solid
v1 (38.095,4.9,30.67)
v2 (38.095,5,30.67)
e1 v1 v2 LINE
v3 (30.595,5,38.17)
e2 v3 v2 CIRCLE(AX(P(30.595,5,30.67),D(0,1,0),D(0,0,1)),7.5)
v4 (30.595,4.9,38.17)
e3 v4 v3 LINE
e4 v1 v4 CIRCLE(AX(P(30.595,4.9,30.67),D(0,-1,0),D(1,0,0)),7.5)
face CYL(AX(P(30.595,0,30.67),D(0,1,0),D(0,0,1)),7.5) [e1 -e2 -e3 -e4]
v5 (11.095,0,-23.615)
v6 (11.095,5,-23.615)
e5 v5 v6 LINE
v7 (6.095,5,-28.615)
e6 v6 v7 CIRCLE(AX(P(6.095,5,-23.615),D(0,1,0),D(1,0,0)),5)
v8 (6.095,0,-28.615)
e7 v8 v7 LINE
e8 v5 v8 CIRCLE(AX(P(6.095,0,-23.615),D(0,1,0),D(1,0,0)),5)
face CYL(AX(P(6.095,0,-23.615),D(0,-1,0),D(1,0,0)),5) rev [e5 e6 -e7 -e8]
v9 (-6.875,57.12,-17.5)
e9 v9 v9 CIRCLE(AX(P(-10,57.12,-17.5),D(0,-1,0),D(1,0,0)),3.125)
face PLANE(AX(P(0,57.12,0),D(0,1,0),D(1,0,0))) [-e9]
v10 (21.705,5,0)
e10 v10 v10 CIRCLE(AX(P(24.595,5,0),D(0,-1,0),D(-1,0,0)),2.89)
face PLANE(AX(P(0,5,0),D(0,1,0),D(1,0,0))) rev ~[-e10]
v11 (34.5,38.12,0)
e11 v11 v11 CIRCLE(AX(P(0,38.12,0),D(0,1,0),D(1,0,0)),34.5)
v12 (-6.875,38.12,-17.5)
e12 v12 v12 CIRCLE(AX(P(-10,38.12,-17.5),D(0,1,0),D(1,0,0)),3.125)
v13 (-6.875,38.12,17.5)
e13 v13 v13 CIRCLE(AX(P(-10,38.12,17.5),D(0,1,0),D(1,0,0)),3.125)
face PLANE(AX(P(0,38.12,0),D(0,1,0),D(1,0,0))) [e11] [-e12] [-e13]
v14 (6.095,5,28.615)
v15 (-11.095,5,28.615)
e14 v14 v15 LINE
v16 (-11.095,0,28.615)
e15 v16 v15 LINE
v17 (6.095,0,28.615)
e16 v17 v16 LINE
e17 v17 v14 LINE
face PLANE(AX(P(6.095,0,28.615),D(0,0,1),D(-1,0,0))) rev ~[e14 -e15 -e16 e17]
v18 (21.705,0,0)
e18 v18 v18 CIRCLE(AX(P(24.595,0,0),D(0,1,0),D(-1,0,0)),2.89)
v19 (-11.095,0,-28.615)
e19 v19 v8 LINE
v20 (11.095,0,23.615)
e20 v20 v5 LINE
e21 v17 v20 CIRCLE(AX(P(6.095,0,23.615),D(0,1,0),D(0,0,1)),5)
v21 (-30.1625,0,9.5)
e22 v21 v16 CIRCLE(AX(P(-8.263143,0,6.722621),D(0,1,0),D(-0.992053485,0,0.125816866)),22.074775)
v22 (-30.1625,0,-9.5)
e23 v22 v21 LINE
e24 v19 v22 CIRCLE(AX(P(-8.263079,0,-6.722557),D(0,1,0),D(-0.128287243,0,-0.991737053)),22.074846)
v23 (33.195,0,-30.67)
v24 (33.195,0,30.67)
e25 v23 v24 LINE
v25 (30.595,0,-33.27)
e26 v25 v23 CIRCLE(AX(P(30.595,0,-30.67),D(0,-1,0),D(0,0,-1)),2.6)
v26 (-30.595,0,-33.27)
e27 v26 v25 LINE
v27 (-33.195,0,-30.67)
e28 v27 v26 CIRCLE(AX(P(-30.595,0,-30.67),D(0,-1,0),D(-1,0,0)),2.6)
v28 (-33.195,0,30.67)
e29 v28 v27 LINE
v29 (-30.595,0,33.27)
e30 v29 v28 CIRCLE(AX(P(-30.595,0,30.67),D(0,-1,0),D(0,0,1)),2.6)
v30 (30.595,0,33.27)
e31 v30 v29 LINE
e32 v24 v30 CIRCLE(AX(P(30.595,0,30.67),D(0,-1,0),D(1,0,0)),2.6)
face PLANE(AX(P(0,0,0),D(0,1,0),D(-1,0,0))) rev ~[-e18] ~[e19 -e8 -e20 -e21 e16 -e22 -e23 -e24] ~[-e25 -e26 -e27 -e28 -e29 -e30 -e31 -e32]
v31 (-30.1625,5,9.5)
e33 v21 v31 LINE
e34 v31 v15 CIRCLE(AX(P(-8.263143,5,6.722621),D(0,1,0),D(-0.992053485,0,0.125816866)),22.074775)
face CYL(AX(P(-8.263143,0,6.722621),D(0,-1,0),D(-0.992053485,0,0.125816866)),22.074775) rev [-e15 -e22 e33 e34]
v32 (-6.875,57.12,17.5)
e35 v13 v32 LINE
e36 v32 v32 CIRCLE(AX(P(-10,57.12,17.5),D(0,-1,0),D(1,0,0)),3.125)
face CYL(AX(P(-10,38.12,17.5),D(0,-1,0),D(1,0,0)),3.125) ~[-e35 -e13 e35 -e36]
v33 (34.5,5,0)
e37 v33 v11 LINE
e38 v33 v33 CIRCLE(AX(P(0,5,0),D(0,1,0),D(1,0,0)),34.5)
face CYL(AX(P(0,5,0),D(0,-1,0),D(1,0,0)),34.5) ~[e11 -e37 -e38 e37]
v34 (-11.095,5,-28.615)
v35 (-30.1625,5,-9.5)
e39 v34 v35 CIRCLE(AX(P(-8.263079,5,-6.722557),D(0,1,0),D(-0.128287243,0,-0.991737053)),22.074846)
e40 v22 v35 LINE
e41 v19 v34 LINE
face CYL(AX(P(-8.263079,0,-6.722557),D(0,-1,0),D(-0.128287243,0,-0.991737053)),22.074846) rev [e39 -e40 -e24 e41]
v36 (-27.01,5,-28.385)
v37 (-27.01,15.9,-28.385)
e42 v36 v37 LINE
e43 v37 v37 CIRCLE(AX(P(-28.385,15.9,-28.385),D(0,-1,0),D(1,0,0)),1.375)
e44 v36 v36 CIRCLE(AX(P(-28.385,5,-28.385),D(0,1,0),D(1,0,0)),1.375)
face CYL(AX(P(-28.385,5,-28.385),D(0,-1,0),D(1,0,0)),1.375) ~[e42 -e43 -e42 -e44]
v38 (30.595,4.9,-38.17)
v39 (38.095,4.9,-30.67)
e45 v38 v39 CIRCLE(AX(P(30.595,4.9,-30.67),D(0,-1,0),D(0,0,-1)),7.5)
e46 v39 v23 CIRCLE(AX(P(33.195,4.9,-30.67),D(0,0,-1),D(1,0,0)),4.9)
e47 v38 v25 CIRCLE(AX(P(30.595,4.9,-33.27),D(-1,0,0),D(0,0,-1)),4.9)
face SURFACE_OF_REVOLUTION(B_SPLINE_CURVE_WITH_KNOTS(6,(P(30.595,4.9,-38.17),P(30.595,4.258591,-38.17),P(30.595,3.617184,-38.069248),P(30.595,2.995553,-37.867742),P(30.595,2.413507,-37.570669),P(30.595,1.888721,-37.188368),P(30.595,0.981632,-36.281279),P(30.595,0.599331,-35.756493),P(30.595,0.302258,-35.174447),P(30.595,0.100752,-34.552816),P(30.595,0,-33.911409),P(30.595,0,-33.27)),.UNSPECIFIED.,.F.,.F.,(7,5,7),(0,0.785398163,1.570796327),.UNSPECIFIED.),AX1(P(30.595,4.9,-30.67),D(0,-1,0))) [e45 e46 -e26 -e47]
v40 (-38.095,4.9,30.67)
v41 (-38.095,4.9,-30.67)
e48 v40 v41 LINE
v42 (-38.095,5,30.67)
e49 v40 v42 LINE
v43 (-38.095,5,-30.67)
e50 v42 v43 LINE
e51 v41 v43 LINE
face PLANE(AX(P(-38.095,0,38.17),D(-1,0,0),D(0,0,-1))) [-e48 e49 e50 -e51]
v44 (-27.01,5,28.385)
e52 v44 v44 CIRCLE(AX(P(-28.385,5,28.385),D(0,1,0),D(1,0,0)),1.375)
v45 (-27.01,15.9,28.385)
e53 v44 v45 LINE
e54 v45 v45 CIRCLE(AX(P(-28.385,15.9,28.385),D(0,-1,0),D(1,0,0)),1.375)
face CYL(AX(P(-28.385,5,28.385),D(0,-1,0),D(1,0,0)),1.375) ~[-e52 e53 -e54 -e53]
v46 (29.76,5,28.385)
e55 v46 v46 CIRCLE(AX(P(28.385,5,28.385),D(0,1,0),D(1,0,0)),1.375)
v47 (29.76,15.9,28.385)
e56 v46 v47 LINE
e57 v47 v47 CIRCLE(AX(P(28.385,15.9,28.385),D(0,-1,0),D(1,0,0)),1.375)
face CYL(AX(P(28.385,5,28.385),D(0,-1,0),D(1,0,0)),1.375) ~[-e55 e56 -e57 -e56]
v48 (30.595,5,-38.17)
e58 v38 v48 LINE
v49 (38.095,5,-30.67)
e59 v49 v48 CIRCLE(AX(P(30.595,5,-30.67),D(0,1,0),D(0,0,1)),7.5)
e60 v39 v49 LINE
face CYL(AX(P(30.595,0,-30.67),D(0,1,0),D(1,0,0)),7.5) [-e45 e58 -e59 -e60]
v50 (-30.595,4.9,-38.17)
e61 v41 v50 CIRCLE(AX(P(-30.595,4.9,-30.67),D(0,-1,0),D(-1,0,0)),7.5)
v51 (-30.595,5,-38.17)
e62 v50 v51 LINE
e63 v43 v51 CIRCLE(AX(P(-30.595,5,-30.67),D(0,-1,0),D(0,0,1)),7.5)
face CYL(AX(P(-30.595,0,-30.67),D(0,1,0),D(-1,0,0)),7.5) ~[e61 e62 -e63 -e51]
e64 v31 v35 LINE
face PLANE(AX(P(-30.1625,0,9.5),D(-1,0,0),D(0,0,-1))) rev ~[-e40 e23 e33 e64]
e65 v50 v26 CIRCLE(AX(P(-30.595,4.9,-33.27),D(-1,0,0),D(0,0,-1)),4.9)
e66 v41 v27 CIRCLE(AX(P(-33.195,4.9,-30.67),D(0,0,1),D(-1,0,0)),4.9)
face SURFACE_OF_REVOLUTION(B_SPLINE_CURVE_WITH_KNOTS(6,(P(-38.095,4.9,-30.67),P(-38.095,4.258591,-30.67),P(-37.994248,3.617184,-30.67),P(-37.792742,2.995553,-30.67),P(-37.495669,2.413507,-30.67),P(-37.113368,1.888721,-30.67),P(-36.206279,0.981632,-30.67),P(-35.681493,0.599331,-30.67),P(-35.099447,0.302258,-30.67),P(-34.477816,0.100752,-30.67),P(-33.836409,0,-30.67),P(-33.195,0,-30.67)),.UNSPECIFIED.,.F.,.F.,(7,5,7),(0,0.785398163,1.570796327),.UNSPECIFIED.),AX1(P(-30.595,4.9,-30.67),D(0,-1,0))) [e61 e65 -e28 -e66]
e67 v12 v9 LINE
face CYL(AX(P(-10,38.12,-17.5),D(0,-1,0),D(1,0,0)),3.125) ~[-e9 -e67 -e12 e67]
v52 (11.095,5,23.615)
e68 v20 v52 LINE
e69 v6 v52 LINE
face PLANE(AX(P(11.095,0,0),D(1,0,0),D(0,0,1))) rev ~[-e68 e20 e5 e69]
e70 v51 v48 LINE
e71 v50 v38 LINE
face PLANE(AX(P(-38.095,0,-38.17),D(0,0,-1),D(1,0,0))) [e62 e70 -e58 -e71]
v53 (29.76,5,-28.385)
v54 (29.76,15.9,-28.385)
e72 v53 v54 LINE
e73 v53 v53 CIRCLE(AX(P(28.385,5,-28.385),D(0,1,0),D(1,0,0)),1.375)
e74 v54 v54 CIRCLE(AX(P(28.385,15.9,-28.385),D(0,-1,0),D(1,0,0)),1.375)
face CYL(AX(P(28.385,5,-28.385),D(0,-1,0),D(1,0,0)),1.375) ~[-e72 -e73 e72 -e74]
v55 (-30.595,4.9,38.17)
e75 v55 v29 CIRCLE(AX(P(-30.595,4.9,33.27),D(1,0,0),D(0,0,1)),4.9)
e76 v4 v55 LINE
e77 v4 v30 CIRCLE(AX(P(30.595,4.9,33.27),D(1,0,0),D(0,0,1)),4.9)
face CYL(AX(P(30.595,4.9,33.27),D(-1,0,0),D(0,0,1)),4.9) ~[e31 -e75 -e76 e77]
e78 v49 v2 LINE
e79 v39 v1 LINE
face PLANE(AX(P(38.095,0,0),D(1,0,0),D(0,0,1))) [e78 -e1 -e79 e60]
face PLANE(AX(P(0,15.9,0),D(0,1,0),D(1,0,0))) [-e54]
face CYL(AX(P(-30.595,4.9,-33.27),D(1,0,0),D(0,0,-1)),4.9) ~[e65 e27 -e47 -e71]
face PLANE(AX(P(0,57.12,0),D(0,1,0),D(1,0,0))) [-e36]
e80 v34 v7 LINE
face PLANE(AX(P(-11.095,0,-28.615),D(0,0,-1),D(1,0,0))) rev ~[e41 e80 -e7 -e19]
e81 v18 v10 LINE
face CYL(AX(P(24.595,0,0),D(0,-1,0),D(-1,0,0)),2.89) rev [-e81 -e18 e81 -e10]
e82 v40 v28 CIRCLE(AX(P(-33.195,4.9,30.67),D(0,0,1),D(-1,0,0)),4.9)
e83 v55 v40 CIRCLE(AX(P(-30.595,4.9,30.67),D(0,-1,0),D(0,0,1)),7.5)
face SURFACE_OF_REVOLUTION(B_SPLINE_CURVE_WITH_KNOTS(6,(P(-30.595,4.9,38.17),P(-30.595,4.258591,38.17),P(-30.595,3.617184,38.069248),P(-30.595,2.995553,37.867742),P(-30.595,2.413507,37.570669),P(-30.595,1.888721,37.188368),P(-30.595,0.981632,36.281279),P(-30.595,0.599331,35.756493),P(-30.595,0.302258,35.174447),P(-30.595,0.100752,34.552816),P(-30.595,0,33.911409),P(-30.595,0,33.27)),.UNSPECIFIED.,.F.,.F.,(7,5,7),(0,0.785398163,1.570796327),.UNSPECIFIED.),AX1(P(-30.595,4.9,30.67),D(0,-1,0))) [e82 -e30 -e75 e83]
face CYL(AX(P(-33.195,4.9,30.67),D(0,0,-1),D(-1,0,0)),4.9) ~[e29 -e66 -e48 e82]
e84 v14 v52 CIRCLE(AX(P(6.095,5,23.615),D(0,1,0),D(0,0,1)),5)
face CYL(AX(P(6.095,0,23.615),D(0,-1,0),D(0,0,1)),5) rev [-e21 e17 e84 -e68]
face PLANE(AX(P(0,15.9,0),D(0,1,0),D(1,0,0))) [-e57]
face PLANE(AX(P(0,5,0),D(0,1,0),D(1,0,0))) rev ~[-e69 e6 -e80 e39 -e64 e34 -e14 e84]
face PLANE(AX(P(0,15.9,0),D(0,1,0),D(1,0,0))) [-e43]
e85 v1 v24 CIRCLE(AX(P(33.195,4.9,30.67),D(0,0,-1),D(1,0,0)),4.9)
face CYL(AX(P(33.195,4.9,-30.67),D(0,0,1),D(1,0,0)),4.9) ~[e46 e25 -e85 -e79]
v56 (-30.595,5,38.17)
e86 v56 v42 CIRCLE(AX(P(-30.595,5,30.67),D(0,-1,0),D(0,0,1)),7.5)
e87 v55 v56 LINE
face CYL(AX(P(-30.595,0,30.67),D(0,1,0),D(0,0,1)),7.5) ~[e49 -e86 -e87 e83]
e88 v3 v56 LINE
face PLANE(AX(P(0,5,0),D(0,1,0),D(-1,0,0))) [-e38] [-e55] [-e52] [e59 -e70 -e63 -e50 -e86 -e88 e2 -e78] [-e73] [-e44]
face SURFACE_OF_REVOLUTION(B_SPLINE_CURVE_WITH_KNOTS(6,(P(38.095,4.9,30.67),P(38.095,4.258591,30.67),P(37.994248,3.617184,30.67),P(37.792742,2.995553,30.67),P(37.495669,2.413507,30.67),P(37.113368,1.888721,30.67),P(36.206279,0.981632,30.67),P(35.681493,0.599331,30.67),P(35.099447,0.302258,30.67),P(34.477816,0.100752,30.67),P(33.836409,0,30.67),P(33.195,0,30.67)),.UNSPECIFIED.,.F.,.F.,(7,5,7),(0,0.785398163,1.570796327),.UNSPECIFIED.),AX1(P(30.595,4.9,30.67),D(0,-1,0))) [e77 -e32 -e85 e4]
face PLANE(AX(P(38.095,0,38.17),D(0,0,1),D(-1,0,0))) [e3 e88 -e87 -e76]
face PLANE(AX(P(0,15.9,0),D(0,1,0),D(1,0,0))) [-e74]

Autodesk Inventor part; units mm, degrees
ref_plane "YZ Plane" through (0, 0, 0) normal (1, 0, 0) x (0, 1, 0)
ref_plane "XZ Plane" through (0, 0, 0) normal (0, 1, 0) x (-1, 0, 0)
ref_plane "XY Plane" through (0, 0, 0) normal (0, 0, 1) x (1, 0, 0)
sketch "Sketch1" plane through (0, 0, 0) normal (0, 1, 0) x (-1, 0, 0)
  line L0 (-38.095, 38.17) -> (38.095, 38.17)
  line L1 (38.095, 38.17) -> (38.095, -38.17)
  line L2 (38.095, -38.17) -> (-38.095, -38.17)
  line L3 (-38.095, -38.17) -> (-38.095, 38.17)
  line L4 (-38.095, 38.17) -> (38.095, -38.17) construction
  line L5 (38.095, 38.17) -> (-38.095, -38.17) construction
  line L6 (-6.095, 28.615) -> (11.095, 28.615)
  line L7 (11.095, -28.615) -> (-6.095, -28.615)
  line L8 (-11.095, -23.615) -> (-11.095, 23.615)
  line L9 (-11.095, 28.615) -> (11.095, -28.615) construction
  line L10 (11.095, 28.615) -> (-11.095, -28.615) construction
  line L11 (30.1625, 9.5) -> (30.1625, -9.5)
  arc A0 (30.1625, 9.5) -> (11.095, 28.615) centre (8.2631, 6.7226) ccw
  line L12 (38.095, 0) -> (-38.095, 0)
  arc A1 (11.095, -28.615) -> (30.1625, -9.5) centre (8.2631, -6.7226) ccw
  arc A2 (-6.095, 28.615) -> (-11.095, 23.615) centre (-6.095, 23.615) ccw
  arc A3 (-11.095, -23.615) -> (-6.095, -28.615) centre (-6.095, -23.615) ccw
  line L13 (-11.095, 0) -> (-38.095, 0)
  circle A4 centre (-24.595, 0) radius 2.89
  point P0 (0, 0)
  dimension "d0" = 76.34
  dimension "d1" = 76.19
  dimension "d2" = 57.23
  dimension "d3" = 22.19
  dimension "d5" = 5
  dimension "d6" = 5
  dimension "d7" = 5.78
extrude "Extrusion1" add sketch "Sketch1" along normal blind 5 contours L0 L1 L12 L11 A0 L6 A2 L8 A4 L3 | L12 A4 L8 A3 L7 A1 L11 L1 L2 L3
sketch "Sketch2" plane through (0, 5, 0) normal (0, 1, 0) x (1, 0, 0)
  circle A0 centre (0, 0) radius 34.5
  dimension "d10" = 69
extrude "Extrusion2" add sketch "Sketch2" along normal blind 33.12
sketch "Sketch3" plane through (0, 5, 0) normal (0, 1, 0) x (1, 0, 0)
  line L0 (28.385, 28.385) -> (-28.385, 28.385)
  line L1 (-28.385, 28.385) -> (-28.385, -28.385)
  line L2 (-28.385, -28.385) -> (28.385, -28.385)
  line L3 (28.385, -28.385) -> (28.385, 28.385)
  line L4 (28.385, 28.385) -> (-28.385, -28.385) construction
  line L5 (-28.385, 28.385) -> (28.385, -28.385) construction
  circle A0 centre (28.385, -28.385) radius 1.375
  circle A1 centre (-28.385, 28.385) radius 1.375
  circle A2 centre (-28.385, -28.385) radius 1.375
  circle A3 centre (28.385, 28.385) radius 1.375
  point P0 (0, 0)
  dimension "d13" = 56.77
  dimension "d14" = 56.77
  dimension "d15" = 2.75
  dimension "d16" = 2.75
  dimension "d18" = 2.75
  dimension "d19" = 2.75
extrude "Extrusion3" add sketch "Sketch3" along normal blind 10.9 contours A1 L1 L0 | L0 L1 A1 | A3 L3 L0 | L0 L3 A3 | A2 L2 L1 | L1 L2 A2 | A0 L2 L3 | L3 L2 A0
sketch "Sketch5" plane through (0, 38.12, 0) normal (0, 1, 0) x (1, 0, 0)
  line L0 (10, 17.5) -> (-10, 17.5)
  line L1 (-10, 17.5) -> (-10, -17.5)
  line L2 (-10, -17.5) -> (10, -17.5)
  line L3 (10, -17.5) -> (10, 17.5)
  line L4 (10, 17.5) -> (-10, -17.5) construction
  line L5 (-10, 17.5) -> (10, -17.5) construction
  circle A0 centre (-10, 17.5) radius 3.125
  circle A1 centre (-10, -17.5) radius 3.125
  point P0 (0, 0)
  dimension "d32" = 35
  dimension "d33" = 20
  dimension "d34" = 6.25
  dimension "d35" = 6.25
extrude "Extrusion5" add sketch "Sketch5" along normal blind 19 contours A0 L1 L0 | L0 L1 A0 | A1 L1 L2 | L2 L1 A1
fillet "Fillet1" radius 7.5 4 edges at (-38.095, 2.5, 38.17) (38.095, 2.5, 38.17) (38.095, 2.5, -38.17) (-38.095, 2.5, -38.17)
fillet "Fillet2" radius 4.9 8 edges at (-35.8983, 0, -35.9733) (-38.095, 0, 0) (-35.8983, 0, 35.9733) (0, 0, 38.17) (35.8983, 0, 35.9733) (38.095, 0, 0) (35.8983, 0, -35.9733) (0, 0, -38.17)
properties part number "MarionEICdcAmeter" material "Acetal Resin, Black"
